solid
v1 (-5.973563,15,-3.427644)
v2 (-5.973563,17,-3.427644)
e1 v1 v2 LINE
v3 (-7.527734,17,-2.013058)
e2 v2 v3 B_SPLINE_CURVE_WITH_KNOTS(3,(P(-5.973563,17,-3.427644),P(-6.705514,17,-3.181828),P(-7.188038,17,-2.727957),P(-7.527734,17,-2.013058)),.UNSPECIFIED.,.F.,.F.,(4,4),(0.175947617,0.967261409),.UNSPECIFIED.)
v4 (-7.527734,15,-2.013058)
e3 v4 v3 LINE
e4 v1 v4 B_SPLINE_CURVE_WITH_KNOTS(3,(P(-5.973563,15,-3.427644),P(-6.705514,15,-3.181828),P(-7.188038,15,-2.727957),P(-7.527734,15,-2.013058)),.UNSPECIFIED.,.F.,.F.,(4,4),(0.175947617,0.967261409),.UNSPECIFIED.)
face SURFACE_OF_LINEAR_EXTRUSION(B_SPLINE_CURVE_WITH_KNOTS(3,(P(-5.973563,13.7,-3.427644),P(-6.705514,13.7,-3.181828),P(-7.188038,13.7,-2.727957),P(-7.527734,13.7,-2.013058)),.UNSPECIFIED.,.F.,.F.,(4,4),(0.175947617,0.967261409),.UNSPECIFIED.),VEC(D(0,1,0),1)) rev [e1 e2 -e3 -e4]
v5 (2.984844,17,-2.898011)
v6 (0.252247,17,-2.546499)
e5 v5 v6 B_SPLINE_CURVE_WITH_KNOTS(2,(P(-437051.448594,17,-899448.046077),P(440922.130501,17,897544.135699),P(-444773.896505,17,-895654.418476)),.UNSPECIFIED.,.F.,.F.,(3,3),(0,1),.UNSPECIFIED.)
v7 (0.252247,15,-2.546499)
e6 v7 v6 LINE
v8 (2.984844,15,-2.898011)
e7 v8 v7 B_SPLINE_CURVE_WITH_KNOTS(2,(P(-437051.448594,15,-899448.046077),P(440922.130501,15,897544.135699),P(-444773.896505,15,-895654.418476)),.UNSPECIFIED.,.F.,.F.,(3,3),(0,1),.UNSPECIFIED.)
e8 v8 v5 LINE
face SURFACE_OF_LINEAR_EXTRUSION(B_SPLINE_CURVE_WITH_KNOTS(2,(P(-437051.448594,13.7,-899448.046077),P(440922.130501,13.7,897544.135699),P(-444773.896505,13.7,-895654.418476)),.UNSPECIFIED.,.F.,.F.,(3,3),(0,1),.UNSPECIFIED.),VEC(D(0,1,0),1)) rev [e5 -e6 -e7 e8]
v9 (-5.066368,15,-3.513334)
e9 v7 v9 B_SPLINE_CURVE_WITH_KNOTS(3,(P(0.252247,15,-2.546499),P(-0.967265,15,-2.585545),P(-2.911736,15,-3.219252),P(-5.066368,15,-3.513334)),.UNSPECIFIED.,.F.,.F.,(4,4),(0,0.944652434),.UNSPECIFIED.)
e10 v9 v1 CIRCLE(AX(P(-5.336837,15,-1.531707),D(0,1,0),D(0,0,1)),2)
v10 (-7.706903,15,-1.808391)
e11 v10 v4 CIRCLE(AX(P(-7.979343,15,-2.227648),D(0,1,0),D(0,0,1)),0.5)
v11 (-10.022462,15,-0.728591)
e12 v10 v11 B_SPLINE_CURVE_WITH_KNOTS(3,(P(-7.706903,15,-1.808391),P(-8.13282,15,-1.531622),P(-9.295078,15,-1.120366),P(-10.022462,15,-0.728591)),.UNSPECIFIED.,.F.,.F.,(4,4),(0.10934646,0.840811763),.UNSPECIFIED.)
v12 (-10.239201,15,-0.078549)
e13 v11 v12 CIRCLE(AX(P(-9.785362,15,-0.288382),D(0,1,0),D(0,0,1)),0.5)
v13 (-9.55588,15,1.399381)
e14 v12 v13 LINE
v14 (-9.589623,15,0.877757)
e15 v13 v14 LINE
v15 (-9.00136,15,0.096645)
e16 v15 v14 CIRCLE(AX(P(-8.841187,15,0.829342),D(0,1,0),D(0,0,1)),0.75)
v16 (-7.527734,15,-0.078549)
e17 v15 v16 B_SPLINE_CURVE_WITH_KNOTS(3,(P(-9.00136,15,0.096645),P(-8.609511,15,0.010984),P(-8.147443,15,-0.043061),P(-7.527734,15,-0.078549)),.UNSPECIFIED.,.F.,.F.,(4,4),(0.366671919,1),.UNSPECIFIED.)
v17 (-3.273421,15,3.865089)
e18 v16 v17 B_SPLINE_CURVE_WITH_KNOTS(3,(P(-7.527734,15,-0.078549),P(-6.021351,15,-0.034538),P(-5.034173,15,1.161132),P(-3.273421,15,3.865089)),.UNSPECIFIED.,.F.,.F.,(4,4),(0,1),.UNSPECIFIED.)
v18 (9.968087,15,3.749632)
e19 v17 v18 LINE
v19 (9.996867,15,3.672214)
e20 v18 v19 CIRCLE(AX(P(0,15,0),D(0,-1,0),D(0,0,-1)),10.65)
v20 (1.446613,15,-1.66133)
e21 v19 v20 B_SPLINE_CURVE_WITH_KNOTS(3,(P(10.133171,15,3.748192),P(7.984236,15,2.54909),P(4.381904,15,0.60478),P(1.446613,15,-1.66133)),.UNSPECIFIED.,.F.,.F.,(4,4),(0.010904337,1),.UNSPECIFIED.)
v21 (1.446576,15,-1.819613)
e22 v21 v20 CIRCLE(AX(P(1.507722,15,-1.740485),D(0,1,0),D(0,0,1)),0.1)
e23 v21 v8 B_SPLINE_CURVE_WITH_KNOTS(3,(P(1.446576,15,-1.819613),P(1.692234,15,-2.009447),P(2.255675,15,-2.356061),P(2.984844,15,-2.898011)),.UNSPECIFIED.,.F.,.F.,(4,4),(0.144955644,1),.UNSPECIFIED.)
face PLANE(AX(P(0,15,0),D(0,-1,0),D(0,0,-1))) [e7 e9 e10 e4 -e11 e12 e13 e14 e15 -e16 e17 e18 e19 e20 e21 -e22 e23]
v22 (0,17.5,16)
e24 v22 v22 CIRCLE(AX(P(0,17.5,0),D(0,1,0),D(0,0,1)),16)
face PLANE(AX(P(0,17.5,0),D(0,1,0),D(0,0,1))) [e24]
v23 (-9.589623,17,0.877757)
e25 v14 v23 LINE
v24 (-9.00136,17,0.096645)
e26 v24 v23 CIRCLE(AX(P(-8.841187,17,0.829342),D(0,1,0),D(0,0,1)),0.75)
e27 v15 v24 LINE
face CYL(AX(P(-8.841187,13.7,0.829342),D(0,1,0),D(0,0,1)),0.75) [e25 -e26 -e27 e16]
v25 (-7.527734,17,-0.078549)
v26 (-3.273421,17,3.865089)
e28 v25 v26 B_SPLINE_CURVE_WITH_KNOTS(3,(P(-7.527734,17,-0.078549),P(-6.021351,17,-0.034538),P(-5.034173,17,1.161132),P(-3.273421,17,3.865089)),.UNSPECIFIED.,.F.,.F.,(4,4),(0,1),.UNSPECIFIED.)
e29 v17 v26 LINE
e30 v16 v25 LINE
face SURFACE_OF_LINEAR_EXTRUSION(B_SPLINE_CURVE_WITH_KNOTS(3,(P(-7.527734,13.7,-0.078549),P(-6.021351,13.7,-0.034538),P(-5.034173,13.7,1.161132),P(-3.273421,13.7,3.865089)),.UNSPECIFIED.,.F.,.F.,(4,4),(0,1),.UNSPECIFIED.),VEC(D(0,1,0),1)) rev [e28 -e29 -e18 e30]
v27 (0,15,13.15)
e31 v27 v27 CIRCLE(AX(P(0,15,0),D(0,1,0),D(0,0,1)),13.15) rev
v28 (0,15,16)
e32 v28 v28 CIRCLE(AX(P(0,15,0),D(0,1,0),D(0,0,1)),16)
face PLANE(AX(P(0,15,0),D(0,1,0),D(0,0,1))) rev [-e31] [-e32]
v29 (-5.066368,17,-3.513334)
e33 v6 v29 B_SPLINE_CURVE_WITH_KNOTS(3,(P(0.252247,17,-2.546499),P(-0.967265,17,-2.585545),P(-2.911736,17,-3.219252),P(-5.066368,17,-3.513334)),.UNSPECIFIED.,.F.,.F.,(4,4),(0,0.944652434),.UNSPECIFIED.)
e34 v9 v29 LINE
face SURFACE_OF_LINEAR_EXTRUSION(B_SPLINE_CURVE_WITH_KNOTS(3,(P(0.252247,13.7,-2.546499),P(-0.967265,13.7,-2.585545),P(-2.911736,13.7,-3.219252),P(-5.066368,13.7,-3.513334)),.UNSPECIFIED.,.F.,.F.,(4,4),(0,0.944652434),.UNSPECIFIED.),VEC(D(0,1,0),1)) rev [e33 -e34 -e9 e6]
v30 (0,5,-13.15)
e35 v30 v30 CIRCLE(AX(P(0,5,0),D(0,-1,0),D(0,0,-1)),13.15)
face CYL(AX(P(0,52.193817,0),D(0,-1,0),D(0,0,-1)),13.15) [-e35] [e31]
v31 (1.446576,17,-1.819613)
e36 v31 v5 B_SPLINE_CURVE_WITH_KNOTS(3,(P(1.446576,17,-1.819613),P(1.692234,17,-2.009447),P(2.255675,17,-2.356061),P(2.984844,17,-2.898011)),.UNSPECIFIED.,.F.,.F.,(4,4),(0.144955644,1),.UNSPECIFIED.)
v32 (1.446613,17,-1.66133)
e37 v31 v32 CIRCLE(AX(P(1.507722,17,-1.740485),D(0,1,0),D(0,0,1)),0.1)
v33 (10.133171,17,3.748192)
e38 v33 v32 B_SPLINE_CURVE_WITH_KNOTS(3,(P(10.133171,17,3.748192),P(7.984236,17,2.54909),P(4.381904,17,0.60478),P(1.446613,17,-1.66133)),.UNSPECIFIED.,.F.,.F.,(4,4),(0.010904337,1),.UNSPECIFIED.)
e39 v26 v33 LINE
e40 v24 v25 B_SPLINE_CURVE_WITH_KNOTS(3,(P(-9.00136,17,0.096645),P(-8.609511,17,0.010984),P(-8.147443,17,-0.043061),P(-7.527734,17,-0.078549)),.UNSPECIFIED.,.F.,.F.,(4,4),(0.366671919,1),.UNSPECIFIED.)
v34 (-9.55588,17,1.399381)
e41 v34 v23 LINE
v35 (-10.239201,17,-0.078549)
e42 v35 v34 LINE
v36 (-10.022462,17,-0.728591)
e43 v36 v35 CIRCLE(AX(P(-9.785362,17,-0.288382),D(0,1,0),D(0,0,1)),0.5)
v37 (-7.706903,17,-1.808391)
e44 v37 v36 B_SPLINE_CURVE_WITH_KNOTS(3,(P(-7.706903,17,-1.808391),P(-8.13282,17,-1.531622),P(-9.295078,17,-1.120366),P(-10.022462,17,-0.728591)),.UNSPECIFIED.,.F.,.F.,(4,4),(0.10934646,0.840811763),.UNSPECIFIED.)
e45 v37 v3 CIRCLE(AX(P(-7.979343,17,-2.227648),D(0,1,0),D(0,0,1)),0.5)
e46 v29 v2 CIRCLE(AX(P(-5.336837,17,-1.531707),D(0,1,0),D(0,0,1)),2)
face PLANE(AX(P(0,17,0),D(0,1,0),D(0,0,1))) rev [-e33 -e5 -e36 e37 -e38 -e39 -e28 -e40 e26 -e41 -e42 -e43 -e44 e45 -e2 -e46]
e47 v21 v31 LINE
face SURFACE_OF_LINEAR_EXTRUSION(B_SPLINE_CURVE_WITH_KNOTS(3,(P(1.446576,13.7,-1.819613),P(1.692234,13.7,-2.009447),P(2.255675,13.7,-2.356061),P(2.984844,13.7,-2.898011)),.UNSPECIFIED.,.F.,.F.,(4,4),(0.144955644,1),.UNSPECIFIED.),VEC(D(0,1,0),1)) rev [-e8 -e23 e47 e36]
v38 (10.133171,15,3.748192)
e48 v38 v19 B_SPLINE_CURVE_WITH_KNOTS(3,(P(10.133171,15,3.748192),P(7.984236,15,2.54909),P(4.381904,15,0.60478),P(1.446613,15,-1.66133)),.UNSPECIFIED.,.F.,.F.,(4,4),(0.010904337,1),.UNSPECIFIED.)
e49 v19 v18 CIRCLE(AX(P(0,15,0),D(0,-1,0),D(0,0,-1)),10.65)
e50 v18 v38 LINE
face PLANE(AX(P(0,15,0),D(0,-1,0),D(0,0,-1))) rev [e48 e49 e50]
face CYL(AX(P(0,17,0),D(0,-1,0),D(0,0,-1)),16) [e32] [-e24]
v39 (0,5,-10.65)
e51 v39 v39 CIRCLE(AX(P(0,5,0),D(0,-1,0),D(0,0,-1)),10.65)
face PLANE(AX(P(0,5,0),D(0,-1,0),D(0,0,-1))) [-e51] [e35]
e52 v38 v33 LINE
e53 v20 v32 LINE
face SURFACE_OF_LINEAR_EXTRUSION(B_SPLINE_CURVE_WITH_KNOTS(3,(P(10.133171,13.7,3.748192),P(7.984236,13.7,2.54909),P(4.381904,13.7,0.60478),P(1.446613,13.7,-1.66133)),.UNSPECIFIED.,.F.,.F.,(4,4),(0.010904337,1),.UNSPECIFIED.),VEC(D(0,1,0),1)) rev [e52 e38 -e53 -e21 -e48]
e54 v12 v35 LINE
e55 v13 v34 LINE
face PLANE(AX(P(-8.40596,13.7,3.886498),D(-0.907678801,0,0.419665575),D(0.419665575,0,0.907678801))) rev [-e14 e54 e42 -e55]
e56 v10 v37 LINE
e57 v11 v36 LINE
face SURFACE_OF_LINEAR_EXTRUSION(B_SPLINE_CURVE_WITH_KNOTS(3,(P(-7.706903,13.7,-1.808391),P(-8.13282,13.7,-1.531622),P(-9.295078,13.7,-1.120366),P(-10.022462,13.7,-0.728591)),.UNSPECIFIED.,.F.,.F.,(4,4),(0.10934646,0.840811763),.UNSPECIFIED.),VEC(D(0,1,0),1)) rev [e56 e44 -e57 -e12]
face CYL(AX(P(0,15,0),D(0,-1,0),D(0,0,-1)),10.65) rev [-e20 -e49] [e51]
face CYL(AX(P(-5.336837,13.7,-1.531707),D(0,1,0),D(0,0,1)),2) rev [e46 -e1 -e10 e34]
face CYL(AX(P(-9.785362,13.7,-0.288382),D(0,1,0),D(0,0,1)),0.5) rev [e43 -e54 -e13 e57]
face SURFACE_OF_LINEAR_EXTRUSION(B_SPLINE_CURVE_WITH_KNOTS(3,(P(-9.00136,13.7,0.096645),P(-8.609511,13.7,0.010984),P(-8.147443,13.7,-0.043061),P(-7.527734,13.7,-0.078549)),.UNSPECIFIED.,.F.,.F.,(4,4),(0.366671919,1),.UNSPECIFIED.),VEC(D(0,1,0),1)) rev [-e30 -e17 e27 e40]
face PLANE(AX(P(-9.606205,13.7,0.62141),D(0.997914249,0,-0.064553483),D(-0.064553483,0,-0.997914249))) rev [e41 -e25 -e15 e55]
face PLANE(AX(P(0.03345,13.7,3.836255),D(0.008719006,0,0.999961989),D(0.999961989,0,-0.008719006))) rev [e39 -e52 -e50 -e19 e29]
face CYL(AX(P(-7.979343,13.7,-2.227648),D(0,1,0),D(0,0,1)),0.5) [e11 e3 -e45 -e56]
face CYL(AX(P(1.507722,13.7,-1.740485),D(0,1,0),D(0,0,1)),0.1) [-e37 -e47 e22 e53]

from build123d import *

# Parameters (mm, degrees)
SKETCH1_R           = 12.65
SKETCH1_R_2         = 10.65
BOSS_EXTRUDE1_DEPTH = 15
SKETCH2_R           = 16
BOSS_EXTRUDE2_DEPTH = 2
CUT_EXTRUDE2_DEPTH  = 3.3
SKETCH5_R           = 16
BOSS_EXTRUDE4_DEPTH = 0.5
SKETCH7_R           = 13.15
SKETCH7_R_2         = 12.65
BOSS_EXTRUDE5_DEPTH = 15
BOSS_EXTRUDE6_DEPTH = 2
SKETCH10_R          = 13.15
CUT_EXTRUDE3_DEPTH  = 5
SKETCH11_R          = 10.65
CUT_EXTRUDE4_DEPTH  = 2


with BuildPart() as part:
    # Sketch1 → Boss-Extrude1 (new body)
    with BuildSketch(Plane(origin=(0, 0, 0), x_dir=(1, 0, 0), z_dir=(0, 1, 0))):
        with Locations(Location((0, 0, 0), (0, 0, 270))):
            Circle(SKETCH1_R)
        with Locations(Location((0, 0, 0), (0, 0, 270))):
            Circle(SKETCH1_R_2, mode=Mode.SUBTRACT)
    extrude(amount=BOSS_EXTRUDE1_DEPTH)

    # Sketch2 → Boss-Extrude2 (add)
    with BuildSketch(Plane(origin=(0, 15, 0), x_dir=(1, 0, 0), z_dir=(0, 1, 0))):
        with Locations(Location((0, 0, 0), (0, 0, 270))):
            Circle(SKETCH2_R)
    extrude(amount=BOSS_EXTRUDE2_DEPTH)

    # Sketch4 → Cut-Extrude2 (cut)
    with BuildSketch(Plane(origin=(0, 17, 0), x_dir=(1, 0, 0), z_dir=(0, 1, 0))):
        with BuildLine():
            ThreePointArc((-7.706902754, 1.808391197), (-7.603132783, 1.898306548), (-7.527733553, 2.013058165))
            add(Edge.make_bspline(
                [(-5.973562898, 3.427644412), (-6.705514393, 3.181828062), (-7.188037686, 2.727956598), (-7.527733553, 2.013058165)],
                knots=[0.175947617, 0.175947617, 0.175947617, 0.175947617, 0.967261409, 0.967261409, 0.967261409, 0.967261409], degree=3))
            ThreePointArc((-5.973562898, 3.427644412), (-5.5249107, 3.522844059), (-5.066368092, 3.513333887))
            add(Edge.make_bspline(
                [(0.252246957, 2.546498923), (-0.967265157, 2.585544634), (-2.911735898, 3.219251878), (-5.066368092, 3.513333887)],
                knots=[0, 0, 0, 0, 0.944652434, 0.944652434, 0.944652434, 0.944652434], degree=3))
            add(Edge.make_bspline(
                [(2.984843767, 2.898010668), (1.699544821, 2.557369315), (0.252246957, 2.546498923)],
                knots=[0, 0, 0, 1, 1, 1], degree=2))
            add(Edge.make_bspline(
                [(1.446576088, 1.819612756), (1.692233604, 2.009446504), (2.255675441, 2.356061237), (2.984843767, 2.898010668)],
                knots=[0.144955644, 0.144955644, 0.144955644, 0.144955644, 1, 1, 1, 1], degree=3))
            ThreePointArc((1.446576088, 1.819612756), (1.407722351, 1.740462389), (1.446612546, 1.661329929))
            add(Edge.make_bspline(
                [(10.133171434, -3.748192499), (7.984235622, -2.549090336), (4.381903984, -0.604779848), (1.446612546, 1.661329929)],
                knots=[0.010904337, 0.010904337, 0.010904337, 0.010904337, 1, 1, 1, 1], degree=3))
            Line((10.133171434, -3.748192499), (-3.273421479, -3.865089106))
            add(Edge.make_bspline(
                [(-7.527733553, 0.078549357), (-6.021351328, 0.034537537), (-5.034172952, -1.161131544), (-3.273421479, -3.865089106)],
                knots=[0, 0, 0, 0, 1, 1, 1, 1], degree=3))
            add(Edge.make_bspline(
                [(-9.001359598, -0.096644929), (-8.609511327, -0.010984191), (-8.147442934, 0.043060836), (-7.527733553, 0.078549357)],
                knots=[0.366671919, 0.366671919, 0.366671919, 0.366671919, 1, 1, 1, 1], degree=3))
            ThreePointArc((-9.001359598, -0.096644929), (-9.440291534, -0.378150341), (-9.589622684, -0.877756935))
            Line((-9.589622684, -0.877756935), (-9.555879634, -1.399381307))
            Line((-9.555879634, -1.399381307), (-10.239201334, 0.078549357))
            ThreePointArc((-10.239201334, 0.078549357), (-10.259690649, 0.446534823), (-10.022461777, 0.728590805))
            add(Edge.make_bspline(
                [(-7.706902754, 1.808391197), (-8.132820465, 1.531622413), (-9.295077766, 1.120365549), (-10.022461777, 0.728590805)],
                knots=[0.10934646, 0.10934646, 0.10934646, 0.10934646, 0.840811763, 0.840811763, 0.840811763, 0.840811763], degree=3))
        make_face()
        with BuildLine():
            add(Edge.make_bspline(
                [(-6.583224352, 1.672229032), (-6.265045802, 1.812995825), (-5.554174981, 1.756337096)],
                knots=[0, 0, 0, 1, 1, 1], degree=2))
            ThreePointArc((-5.554174981, 1.756337096), (-5.456989048, 1.782455761), (-5.398182511, 1.864120205))
            add(Edge.make_bspline(
                [(-5.398182511, 1.864120205), (-5.299215588, 2.205704199), (-5.024689184, 2.452345347)],
                knots=[0, 0, 0, 1, 1, 1], degree=2))
            add(Edge.make_bspline(
                [(-5.024689184, 2.452345347), (-5.951430889, 2.228368239), (-6.944366579, 2.126753853)],
                knots=[0, 0, 0, 1, 1, 1], degree=2))
            add(Edge.make_bspline(
                [(-6.944366579, 2.126753853), (-6.855792408, 2.003769494), (-6.788085292, 1.768000929)],
                knots=[0, 0, 0, 1, 1, 1], degree=2))
            ThreePointArc((-6.788085292, 1.768000929), (-6.707437973, 1.673519717), (-6.583224352, 1.672229032))
        make_face(mode=Mode.SUBTRACT)
        with BuildLine():
            ThreePointArc((-6.788085292, 1.768000929), (-6.707437973, 1.673519717), (-6.583224352, 1.672229032))
            add(Edge.make_bspline(
                [(-6.583224352, 1.672229032), (-6.265045802, 1.812995825), (-5.554174981, 1.756337096)],
                knots=[0, 0, 0, 1, 1, 1], degree=2))
            ThreePointArc((-5.554174981, 1.756337096), (-5.456989048, 1.782455761), (-5.398182511, 1.864120205))
            add(Edge.make_bspline(
                [(-5.398182511, 1.864120205), (-5.299215588, 2.205704199), (-5.024689184, 2.452345347)],
                knots=[0, 0, 0, 1, 1, 1], degree=2))
            add(Edge.make_bspline(
                [(-5.024689184, 2.452345347), (-5.951430889, 2.228368239), (-6.944366579, 2.126753853)],
                knots=[0, 0, 0, 1, 1, 1], degree=2))
            add(Edge.make_bspline(
                [(-6.944366579, 2.126753853), (-6.855792408, 2.003769494), (-6.788085292, 1.768000929)],
                knots=[0, 0, 0, 1, 1, 1], degree=2))
        make_face()
    extrude(amount=-CUT_EXTRUDE2_DEPTH, mode=Mode.SUBTRACT)

    # Sketch5 → Boss-Extrude4 (add)
    with BuildSketch(Plane(origin=(0, 17, 0), x_dir=(1, 0, 0), z_dir=(0, 1, 0))):
        with Locations(Location((0, 0, 0), (0, 0, 270))):
            Circle(SKETCH5_R)
    extrude(amount=BOSS_EXTRUDE4_DEPTH)

    # Sketch7 → Boss-Extrude5 (add)
    with BuildSketch(Plane.XZ):
        with Locations(Location((0, 0, 0), (0, 0, 270))):
            Circle(SKETCH7_R)
        Circle(SKETCH7_R_2, mode=Mode.SUBTRACT)
    extrude(amount=-BOSS_EXTRUDE5_DEPTH)

    # Sketch8 → Boss-Extrude6 (add)
    with BuildSketch(Plane.XZ.offset(-15)):
        with BuildLine():
            add(Edge.make_bspline(
                [(9.996866834, 3.672213707), (10.042920822, 3.697861429), (10.088362097, 3.723188972), (10.133171434, 3.748192499)],
                knots=[0.979375502, 0.979375502, 0.979375502, 0.979375502, 1, 1, 1, 1], degree=3))
            Line((10.133171434, 3.748192499), (9.9680871, 3.749631925))
            Line((9.9680871, 3.749631925), (-3.273421479, 3.865089106))
            add(Edge.make_bspline(
                [(-3.273421479, 3.865089106), (-5.034172952, 1.161131544), (-6.021351328, -0.034537537), (-7.527733553, -0.078549357)],
                knots=[0, 0, 0, 0, 1, 1, 1, 1], degree=3))
            add(Edge.make_bspline(
                [(-7.527733553, -0.078549357), (-8.147442934, -0.043060836), (-8.609511327, 0.010984191), (-9.001359598, 0.096644929)],
                knots=[0.366671919, 0.366671919, 0.366671919, 0.366671919, 1, 1, 1, 1], degree=3))
            ThreePointArc((-9.001359598, 0.096644929), (-9.440291534, 0.378150341), (-9.589622684, 0.877756935))
            Line((-9.589622684, 0.877756935), (-9.555879634, 1.399381307))
            Line((-9.555879634, 1.399381307), (-10.239201334, -0.078549357))
            ThreePointArc((-10.239201334, -0.078549357), (-10.259690649, -0.446534823), (-10.022461777, -0.728590805))
            add(Edge.make_bspline(
                [(-10.022461777, -0.728590805), (-9.295077766, -1.120365549), (-8.132820465, -1.531622413), (-7.706902754, -1.808391197)],
                knots=[0.10934646, 0.10934646, 0.10934646, 0.10934646, 0.840811763, 0.840811763, 0.840811763, 0.840811763], degree=3))
            ThreePointArc((-7.706902754, -1.808391197), (-7.603132783, -1.898306548), (-7.527733553, -2.013058165))
            add(Edge.make_bspline(
                [(-7.527733553, -2.013058165), (-7.188037686, -2.727956598), (-6.705514393, -3.181828062), (-5.973562898, -3.427644412)],
                knots=[0.175947617, 0.175947617, 0.175947617, 0.175947617, 0.967261409, 0.967261409, 0.967261409, 0.967261409], degree=3))
            ThreePointArc((-5.973562898, -3.427644412), (-5.5249107, -3.522844059), (-5.066368092, -3.513333887))
            add(Edge.make_bspline(
                [(-5.066368092, -3.513333887), (-2.911735898, -3.219251878), (-0.967265157, -2.585544634), (0.252246944, -2.546498923)],
                knots=[0, 0, 0, 0, 0.944652434, 0.944652434, 0.944652434, 0.944652434], degree=3))
            add(Edge.make_bspline(
                [(0.252246944, -2.546498923), (1.699544832, -2.557369314), (2.984843797, -2.898010676)],
                knots=[0, 0, 0, 1, 1, 1], degree=2))
            add(Edge.make_bspline(
                [(2.984843797, -2.898010676), (2.255675441, -2.356061237), (1.692233604, -2.009446504), (1.446576086, -1.819612759)],
                knots=[0.144955644, 0.144955644, 0.144955644, 0.144955644, 1, 1, 1, 1], degree=3))
            ThreePointArc((1.446576086, -1.819612759), (1.407722347, -1.740462389), (1.446612544, -1.661329926))
            add(Edge.make_bspline(
                [(1.446612544, -1.661329926), (4.320697658, 0.557527214), (7.834294925, 2.467865384), (9.996866834, 3.672213707)],
                knots=[0.010904337, 0.010904337, 0.010904337, 0.010904337, 0.979375502, 0.979375502, 0.979375502, 0.979375502], degree=3))
        make_face()
        with BuildLine():
            Line((-3.273421479, 3.865089106), (9.9680871, 3.749631925))
            ThreePointArc((9.9680871, 3.749631925), (-9.982552018, -3.710950716), (9.996866834, 3.672213707))
            add(Edge.make_bspline(
                [(1.446612544, -1.661329926), (4.320697658, 0.557527214), (7.834294925, 2.467865384), (9.996866834, 3.672213707)],
                knots=[0.010904337, 0.010904337, 0.010904337, 0.010904337, 0.979375502, 0.979375502, 0.979375502, 0.979375502], degree=3))
            ThreePointArc((1.446612544, -1.661329926), (1.407722347, -1.740462389), (1.446576086, -1.819612759))
            add(Edge.make_bspline(
                [(2.984843797, -2.898010676), (2.255675441, -2.356061237), (1.692233604, -2.009446504), (1.446576086, -1.819612759)],
                knots=[0.144955644, 0.144955644, 0.144955644, 0.144955644, 1, 1, 1, 1], degree=3))
            add(Edge.make_bspline(
                [(0.252246944, -2.546498923), (1.699544832, -2.557369314), (2.984843797, -2.898010676)],
                knots=[0, 0, 0, 1, 1, 1], degree=2))
            add(Edge.make_bspline(
                [(-5.066368092, -3.513333887), (-2.911735898, -3.219251878), (-0.967265157, -2.585544634), (0.252246944, -2.546498923)],
                knots=[0, 0, 0, 0, 0.944652434, 0.944652434, 0.944652434, 0.944652434], degree=3))
            ThreePointArc((-5.066368092, -3.513333887), (-5.5249107, -3.522844059), (-5.973562898, -3.427644412))
            add(Edge.make_bspline(
                [(-7.527733553, -2.013058165), (-7.188037686, -2.727956598), (-6.705514393, -3.181828062), (-5.973562898, -3.427644412)],
                knots=[0.175947617, 0.175947617, 0.175947617, 0.175947617, 0.967261409, 0.967261409, 0.967261409, 0.967261409], degree=3))
            ThreePointArc((-7.527733553, -2.013058165), (-7.603132783, -1.898306548), (-7.706902754, -1.808391197))
            add(Edge.make_bspline(
                [(-10.022461777, -0.728590805), (-9.295077766, -1.120365549), (-8.132820465, -1.531622413), (-7.706902754, -1.808391197)],
                knots=[0.10934646, 0.10934646, 0.10934646, 0.10934646, 0.840811763, 0.840811763, 0.840811763, 0.840811763], degree=3))
            ThreePointArc((-10.022461777, -0.728590805), (-10.259690649, -0.446534823), (-10.239201334, -0.078549357))
            Line((-10.239201334, -0.078549357), (-9.555879634, 1.399381307))
            Line((-9.555879634, 1.399381307), (-9.589622684, 0.877756935))
            ThreePointArc((-9.589622684, 0.877756935), (-9.440291534, 0.378150341), (-9.001359598, 0.096644929))
            add(Edge.make_bspline(
                [(-7.527733553, -0.078549357), (-8.147442934, -0.043060836), (-8.609511327, 0.010984191), (-9.001359598, 0.096644929)],
                knots=[0.366671919, 0.366671919, 0.366671919, 0.366671919, 1, 1, 1, 1], degree=3))
            add(Edge.make_bspline(
                [(-3.273421479, 3.865089106), (-5.034172952, 1.161131544), (-6.021351328, -0.034537537), (-7.527733553, -0.078549357)],
                knots=[0, 0, 0, 0, 1, 1, 1, 1], degree=3))
        make_face()
    extrude(amount=BOSS_EXTRUDE6_DEPTH)

    # Sketch10 → Cut-Extrude3 (cut)
    with BuildSketch(Plane.XZ):
        with Locations(Location((0, 0, 0), (0, 0, 270))):
            Circle(SKETCH10_R)
    extrude(amount=-CUT_EXTRUDE3_DEPTH, mode=Mode.SUBTRACT)

    # Sketch11 → Cut-Extrude4 (cut)
    with BuildSketch(Plane.XZ.offset(-13)):
        with Locations(Location((0, 0, 0), (0, 0, 270))):
            Circle(SKETCH11_R)
    extrude(amount=-CUT_EXTRUDE4_DEPTH, mode=Mode.SUBTRACT)


solid = part.part
